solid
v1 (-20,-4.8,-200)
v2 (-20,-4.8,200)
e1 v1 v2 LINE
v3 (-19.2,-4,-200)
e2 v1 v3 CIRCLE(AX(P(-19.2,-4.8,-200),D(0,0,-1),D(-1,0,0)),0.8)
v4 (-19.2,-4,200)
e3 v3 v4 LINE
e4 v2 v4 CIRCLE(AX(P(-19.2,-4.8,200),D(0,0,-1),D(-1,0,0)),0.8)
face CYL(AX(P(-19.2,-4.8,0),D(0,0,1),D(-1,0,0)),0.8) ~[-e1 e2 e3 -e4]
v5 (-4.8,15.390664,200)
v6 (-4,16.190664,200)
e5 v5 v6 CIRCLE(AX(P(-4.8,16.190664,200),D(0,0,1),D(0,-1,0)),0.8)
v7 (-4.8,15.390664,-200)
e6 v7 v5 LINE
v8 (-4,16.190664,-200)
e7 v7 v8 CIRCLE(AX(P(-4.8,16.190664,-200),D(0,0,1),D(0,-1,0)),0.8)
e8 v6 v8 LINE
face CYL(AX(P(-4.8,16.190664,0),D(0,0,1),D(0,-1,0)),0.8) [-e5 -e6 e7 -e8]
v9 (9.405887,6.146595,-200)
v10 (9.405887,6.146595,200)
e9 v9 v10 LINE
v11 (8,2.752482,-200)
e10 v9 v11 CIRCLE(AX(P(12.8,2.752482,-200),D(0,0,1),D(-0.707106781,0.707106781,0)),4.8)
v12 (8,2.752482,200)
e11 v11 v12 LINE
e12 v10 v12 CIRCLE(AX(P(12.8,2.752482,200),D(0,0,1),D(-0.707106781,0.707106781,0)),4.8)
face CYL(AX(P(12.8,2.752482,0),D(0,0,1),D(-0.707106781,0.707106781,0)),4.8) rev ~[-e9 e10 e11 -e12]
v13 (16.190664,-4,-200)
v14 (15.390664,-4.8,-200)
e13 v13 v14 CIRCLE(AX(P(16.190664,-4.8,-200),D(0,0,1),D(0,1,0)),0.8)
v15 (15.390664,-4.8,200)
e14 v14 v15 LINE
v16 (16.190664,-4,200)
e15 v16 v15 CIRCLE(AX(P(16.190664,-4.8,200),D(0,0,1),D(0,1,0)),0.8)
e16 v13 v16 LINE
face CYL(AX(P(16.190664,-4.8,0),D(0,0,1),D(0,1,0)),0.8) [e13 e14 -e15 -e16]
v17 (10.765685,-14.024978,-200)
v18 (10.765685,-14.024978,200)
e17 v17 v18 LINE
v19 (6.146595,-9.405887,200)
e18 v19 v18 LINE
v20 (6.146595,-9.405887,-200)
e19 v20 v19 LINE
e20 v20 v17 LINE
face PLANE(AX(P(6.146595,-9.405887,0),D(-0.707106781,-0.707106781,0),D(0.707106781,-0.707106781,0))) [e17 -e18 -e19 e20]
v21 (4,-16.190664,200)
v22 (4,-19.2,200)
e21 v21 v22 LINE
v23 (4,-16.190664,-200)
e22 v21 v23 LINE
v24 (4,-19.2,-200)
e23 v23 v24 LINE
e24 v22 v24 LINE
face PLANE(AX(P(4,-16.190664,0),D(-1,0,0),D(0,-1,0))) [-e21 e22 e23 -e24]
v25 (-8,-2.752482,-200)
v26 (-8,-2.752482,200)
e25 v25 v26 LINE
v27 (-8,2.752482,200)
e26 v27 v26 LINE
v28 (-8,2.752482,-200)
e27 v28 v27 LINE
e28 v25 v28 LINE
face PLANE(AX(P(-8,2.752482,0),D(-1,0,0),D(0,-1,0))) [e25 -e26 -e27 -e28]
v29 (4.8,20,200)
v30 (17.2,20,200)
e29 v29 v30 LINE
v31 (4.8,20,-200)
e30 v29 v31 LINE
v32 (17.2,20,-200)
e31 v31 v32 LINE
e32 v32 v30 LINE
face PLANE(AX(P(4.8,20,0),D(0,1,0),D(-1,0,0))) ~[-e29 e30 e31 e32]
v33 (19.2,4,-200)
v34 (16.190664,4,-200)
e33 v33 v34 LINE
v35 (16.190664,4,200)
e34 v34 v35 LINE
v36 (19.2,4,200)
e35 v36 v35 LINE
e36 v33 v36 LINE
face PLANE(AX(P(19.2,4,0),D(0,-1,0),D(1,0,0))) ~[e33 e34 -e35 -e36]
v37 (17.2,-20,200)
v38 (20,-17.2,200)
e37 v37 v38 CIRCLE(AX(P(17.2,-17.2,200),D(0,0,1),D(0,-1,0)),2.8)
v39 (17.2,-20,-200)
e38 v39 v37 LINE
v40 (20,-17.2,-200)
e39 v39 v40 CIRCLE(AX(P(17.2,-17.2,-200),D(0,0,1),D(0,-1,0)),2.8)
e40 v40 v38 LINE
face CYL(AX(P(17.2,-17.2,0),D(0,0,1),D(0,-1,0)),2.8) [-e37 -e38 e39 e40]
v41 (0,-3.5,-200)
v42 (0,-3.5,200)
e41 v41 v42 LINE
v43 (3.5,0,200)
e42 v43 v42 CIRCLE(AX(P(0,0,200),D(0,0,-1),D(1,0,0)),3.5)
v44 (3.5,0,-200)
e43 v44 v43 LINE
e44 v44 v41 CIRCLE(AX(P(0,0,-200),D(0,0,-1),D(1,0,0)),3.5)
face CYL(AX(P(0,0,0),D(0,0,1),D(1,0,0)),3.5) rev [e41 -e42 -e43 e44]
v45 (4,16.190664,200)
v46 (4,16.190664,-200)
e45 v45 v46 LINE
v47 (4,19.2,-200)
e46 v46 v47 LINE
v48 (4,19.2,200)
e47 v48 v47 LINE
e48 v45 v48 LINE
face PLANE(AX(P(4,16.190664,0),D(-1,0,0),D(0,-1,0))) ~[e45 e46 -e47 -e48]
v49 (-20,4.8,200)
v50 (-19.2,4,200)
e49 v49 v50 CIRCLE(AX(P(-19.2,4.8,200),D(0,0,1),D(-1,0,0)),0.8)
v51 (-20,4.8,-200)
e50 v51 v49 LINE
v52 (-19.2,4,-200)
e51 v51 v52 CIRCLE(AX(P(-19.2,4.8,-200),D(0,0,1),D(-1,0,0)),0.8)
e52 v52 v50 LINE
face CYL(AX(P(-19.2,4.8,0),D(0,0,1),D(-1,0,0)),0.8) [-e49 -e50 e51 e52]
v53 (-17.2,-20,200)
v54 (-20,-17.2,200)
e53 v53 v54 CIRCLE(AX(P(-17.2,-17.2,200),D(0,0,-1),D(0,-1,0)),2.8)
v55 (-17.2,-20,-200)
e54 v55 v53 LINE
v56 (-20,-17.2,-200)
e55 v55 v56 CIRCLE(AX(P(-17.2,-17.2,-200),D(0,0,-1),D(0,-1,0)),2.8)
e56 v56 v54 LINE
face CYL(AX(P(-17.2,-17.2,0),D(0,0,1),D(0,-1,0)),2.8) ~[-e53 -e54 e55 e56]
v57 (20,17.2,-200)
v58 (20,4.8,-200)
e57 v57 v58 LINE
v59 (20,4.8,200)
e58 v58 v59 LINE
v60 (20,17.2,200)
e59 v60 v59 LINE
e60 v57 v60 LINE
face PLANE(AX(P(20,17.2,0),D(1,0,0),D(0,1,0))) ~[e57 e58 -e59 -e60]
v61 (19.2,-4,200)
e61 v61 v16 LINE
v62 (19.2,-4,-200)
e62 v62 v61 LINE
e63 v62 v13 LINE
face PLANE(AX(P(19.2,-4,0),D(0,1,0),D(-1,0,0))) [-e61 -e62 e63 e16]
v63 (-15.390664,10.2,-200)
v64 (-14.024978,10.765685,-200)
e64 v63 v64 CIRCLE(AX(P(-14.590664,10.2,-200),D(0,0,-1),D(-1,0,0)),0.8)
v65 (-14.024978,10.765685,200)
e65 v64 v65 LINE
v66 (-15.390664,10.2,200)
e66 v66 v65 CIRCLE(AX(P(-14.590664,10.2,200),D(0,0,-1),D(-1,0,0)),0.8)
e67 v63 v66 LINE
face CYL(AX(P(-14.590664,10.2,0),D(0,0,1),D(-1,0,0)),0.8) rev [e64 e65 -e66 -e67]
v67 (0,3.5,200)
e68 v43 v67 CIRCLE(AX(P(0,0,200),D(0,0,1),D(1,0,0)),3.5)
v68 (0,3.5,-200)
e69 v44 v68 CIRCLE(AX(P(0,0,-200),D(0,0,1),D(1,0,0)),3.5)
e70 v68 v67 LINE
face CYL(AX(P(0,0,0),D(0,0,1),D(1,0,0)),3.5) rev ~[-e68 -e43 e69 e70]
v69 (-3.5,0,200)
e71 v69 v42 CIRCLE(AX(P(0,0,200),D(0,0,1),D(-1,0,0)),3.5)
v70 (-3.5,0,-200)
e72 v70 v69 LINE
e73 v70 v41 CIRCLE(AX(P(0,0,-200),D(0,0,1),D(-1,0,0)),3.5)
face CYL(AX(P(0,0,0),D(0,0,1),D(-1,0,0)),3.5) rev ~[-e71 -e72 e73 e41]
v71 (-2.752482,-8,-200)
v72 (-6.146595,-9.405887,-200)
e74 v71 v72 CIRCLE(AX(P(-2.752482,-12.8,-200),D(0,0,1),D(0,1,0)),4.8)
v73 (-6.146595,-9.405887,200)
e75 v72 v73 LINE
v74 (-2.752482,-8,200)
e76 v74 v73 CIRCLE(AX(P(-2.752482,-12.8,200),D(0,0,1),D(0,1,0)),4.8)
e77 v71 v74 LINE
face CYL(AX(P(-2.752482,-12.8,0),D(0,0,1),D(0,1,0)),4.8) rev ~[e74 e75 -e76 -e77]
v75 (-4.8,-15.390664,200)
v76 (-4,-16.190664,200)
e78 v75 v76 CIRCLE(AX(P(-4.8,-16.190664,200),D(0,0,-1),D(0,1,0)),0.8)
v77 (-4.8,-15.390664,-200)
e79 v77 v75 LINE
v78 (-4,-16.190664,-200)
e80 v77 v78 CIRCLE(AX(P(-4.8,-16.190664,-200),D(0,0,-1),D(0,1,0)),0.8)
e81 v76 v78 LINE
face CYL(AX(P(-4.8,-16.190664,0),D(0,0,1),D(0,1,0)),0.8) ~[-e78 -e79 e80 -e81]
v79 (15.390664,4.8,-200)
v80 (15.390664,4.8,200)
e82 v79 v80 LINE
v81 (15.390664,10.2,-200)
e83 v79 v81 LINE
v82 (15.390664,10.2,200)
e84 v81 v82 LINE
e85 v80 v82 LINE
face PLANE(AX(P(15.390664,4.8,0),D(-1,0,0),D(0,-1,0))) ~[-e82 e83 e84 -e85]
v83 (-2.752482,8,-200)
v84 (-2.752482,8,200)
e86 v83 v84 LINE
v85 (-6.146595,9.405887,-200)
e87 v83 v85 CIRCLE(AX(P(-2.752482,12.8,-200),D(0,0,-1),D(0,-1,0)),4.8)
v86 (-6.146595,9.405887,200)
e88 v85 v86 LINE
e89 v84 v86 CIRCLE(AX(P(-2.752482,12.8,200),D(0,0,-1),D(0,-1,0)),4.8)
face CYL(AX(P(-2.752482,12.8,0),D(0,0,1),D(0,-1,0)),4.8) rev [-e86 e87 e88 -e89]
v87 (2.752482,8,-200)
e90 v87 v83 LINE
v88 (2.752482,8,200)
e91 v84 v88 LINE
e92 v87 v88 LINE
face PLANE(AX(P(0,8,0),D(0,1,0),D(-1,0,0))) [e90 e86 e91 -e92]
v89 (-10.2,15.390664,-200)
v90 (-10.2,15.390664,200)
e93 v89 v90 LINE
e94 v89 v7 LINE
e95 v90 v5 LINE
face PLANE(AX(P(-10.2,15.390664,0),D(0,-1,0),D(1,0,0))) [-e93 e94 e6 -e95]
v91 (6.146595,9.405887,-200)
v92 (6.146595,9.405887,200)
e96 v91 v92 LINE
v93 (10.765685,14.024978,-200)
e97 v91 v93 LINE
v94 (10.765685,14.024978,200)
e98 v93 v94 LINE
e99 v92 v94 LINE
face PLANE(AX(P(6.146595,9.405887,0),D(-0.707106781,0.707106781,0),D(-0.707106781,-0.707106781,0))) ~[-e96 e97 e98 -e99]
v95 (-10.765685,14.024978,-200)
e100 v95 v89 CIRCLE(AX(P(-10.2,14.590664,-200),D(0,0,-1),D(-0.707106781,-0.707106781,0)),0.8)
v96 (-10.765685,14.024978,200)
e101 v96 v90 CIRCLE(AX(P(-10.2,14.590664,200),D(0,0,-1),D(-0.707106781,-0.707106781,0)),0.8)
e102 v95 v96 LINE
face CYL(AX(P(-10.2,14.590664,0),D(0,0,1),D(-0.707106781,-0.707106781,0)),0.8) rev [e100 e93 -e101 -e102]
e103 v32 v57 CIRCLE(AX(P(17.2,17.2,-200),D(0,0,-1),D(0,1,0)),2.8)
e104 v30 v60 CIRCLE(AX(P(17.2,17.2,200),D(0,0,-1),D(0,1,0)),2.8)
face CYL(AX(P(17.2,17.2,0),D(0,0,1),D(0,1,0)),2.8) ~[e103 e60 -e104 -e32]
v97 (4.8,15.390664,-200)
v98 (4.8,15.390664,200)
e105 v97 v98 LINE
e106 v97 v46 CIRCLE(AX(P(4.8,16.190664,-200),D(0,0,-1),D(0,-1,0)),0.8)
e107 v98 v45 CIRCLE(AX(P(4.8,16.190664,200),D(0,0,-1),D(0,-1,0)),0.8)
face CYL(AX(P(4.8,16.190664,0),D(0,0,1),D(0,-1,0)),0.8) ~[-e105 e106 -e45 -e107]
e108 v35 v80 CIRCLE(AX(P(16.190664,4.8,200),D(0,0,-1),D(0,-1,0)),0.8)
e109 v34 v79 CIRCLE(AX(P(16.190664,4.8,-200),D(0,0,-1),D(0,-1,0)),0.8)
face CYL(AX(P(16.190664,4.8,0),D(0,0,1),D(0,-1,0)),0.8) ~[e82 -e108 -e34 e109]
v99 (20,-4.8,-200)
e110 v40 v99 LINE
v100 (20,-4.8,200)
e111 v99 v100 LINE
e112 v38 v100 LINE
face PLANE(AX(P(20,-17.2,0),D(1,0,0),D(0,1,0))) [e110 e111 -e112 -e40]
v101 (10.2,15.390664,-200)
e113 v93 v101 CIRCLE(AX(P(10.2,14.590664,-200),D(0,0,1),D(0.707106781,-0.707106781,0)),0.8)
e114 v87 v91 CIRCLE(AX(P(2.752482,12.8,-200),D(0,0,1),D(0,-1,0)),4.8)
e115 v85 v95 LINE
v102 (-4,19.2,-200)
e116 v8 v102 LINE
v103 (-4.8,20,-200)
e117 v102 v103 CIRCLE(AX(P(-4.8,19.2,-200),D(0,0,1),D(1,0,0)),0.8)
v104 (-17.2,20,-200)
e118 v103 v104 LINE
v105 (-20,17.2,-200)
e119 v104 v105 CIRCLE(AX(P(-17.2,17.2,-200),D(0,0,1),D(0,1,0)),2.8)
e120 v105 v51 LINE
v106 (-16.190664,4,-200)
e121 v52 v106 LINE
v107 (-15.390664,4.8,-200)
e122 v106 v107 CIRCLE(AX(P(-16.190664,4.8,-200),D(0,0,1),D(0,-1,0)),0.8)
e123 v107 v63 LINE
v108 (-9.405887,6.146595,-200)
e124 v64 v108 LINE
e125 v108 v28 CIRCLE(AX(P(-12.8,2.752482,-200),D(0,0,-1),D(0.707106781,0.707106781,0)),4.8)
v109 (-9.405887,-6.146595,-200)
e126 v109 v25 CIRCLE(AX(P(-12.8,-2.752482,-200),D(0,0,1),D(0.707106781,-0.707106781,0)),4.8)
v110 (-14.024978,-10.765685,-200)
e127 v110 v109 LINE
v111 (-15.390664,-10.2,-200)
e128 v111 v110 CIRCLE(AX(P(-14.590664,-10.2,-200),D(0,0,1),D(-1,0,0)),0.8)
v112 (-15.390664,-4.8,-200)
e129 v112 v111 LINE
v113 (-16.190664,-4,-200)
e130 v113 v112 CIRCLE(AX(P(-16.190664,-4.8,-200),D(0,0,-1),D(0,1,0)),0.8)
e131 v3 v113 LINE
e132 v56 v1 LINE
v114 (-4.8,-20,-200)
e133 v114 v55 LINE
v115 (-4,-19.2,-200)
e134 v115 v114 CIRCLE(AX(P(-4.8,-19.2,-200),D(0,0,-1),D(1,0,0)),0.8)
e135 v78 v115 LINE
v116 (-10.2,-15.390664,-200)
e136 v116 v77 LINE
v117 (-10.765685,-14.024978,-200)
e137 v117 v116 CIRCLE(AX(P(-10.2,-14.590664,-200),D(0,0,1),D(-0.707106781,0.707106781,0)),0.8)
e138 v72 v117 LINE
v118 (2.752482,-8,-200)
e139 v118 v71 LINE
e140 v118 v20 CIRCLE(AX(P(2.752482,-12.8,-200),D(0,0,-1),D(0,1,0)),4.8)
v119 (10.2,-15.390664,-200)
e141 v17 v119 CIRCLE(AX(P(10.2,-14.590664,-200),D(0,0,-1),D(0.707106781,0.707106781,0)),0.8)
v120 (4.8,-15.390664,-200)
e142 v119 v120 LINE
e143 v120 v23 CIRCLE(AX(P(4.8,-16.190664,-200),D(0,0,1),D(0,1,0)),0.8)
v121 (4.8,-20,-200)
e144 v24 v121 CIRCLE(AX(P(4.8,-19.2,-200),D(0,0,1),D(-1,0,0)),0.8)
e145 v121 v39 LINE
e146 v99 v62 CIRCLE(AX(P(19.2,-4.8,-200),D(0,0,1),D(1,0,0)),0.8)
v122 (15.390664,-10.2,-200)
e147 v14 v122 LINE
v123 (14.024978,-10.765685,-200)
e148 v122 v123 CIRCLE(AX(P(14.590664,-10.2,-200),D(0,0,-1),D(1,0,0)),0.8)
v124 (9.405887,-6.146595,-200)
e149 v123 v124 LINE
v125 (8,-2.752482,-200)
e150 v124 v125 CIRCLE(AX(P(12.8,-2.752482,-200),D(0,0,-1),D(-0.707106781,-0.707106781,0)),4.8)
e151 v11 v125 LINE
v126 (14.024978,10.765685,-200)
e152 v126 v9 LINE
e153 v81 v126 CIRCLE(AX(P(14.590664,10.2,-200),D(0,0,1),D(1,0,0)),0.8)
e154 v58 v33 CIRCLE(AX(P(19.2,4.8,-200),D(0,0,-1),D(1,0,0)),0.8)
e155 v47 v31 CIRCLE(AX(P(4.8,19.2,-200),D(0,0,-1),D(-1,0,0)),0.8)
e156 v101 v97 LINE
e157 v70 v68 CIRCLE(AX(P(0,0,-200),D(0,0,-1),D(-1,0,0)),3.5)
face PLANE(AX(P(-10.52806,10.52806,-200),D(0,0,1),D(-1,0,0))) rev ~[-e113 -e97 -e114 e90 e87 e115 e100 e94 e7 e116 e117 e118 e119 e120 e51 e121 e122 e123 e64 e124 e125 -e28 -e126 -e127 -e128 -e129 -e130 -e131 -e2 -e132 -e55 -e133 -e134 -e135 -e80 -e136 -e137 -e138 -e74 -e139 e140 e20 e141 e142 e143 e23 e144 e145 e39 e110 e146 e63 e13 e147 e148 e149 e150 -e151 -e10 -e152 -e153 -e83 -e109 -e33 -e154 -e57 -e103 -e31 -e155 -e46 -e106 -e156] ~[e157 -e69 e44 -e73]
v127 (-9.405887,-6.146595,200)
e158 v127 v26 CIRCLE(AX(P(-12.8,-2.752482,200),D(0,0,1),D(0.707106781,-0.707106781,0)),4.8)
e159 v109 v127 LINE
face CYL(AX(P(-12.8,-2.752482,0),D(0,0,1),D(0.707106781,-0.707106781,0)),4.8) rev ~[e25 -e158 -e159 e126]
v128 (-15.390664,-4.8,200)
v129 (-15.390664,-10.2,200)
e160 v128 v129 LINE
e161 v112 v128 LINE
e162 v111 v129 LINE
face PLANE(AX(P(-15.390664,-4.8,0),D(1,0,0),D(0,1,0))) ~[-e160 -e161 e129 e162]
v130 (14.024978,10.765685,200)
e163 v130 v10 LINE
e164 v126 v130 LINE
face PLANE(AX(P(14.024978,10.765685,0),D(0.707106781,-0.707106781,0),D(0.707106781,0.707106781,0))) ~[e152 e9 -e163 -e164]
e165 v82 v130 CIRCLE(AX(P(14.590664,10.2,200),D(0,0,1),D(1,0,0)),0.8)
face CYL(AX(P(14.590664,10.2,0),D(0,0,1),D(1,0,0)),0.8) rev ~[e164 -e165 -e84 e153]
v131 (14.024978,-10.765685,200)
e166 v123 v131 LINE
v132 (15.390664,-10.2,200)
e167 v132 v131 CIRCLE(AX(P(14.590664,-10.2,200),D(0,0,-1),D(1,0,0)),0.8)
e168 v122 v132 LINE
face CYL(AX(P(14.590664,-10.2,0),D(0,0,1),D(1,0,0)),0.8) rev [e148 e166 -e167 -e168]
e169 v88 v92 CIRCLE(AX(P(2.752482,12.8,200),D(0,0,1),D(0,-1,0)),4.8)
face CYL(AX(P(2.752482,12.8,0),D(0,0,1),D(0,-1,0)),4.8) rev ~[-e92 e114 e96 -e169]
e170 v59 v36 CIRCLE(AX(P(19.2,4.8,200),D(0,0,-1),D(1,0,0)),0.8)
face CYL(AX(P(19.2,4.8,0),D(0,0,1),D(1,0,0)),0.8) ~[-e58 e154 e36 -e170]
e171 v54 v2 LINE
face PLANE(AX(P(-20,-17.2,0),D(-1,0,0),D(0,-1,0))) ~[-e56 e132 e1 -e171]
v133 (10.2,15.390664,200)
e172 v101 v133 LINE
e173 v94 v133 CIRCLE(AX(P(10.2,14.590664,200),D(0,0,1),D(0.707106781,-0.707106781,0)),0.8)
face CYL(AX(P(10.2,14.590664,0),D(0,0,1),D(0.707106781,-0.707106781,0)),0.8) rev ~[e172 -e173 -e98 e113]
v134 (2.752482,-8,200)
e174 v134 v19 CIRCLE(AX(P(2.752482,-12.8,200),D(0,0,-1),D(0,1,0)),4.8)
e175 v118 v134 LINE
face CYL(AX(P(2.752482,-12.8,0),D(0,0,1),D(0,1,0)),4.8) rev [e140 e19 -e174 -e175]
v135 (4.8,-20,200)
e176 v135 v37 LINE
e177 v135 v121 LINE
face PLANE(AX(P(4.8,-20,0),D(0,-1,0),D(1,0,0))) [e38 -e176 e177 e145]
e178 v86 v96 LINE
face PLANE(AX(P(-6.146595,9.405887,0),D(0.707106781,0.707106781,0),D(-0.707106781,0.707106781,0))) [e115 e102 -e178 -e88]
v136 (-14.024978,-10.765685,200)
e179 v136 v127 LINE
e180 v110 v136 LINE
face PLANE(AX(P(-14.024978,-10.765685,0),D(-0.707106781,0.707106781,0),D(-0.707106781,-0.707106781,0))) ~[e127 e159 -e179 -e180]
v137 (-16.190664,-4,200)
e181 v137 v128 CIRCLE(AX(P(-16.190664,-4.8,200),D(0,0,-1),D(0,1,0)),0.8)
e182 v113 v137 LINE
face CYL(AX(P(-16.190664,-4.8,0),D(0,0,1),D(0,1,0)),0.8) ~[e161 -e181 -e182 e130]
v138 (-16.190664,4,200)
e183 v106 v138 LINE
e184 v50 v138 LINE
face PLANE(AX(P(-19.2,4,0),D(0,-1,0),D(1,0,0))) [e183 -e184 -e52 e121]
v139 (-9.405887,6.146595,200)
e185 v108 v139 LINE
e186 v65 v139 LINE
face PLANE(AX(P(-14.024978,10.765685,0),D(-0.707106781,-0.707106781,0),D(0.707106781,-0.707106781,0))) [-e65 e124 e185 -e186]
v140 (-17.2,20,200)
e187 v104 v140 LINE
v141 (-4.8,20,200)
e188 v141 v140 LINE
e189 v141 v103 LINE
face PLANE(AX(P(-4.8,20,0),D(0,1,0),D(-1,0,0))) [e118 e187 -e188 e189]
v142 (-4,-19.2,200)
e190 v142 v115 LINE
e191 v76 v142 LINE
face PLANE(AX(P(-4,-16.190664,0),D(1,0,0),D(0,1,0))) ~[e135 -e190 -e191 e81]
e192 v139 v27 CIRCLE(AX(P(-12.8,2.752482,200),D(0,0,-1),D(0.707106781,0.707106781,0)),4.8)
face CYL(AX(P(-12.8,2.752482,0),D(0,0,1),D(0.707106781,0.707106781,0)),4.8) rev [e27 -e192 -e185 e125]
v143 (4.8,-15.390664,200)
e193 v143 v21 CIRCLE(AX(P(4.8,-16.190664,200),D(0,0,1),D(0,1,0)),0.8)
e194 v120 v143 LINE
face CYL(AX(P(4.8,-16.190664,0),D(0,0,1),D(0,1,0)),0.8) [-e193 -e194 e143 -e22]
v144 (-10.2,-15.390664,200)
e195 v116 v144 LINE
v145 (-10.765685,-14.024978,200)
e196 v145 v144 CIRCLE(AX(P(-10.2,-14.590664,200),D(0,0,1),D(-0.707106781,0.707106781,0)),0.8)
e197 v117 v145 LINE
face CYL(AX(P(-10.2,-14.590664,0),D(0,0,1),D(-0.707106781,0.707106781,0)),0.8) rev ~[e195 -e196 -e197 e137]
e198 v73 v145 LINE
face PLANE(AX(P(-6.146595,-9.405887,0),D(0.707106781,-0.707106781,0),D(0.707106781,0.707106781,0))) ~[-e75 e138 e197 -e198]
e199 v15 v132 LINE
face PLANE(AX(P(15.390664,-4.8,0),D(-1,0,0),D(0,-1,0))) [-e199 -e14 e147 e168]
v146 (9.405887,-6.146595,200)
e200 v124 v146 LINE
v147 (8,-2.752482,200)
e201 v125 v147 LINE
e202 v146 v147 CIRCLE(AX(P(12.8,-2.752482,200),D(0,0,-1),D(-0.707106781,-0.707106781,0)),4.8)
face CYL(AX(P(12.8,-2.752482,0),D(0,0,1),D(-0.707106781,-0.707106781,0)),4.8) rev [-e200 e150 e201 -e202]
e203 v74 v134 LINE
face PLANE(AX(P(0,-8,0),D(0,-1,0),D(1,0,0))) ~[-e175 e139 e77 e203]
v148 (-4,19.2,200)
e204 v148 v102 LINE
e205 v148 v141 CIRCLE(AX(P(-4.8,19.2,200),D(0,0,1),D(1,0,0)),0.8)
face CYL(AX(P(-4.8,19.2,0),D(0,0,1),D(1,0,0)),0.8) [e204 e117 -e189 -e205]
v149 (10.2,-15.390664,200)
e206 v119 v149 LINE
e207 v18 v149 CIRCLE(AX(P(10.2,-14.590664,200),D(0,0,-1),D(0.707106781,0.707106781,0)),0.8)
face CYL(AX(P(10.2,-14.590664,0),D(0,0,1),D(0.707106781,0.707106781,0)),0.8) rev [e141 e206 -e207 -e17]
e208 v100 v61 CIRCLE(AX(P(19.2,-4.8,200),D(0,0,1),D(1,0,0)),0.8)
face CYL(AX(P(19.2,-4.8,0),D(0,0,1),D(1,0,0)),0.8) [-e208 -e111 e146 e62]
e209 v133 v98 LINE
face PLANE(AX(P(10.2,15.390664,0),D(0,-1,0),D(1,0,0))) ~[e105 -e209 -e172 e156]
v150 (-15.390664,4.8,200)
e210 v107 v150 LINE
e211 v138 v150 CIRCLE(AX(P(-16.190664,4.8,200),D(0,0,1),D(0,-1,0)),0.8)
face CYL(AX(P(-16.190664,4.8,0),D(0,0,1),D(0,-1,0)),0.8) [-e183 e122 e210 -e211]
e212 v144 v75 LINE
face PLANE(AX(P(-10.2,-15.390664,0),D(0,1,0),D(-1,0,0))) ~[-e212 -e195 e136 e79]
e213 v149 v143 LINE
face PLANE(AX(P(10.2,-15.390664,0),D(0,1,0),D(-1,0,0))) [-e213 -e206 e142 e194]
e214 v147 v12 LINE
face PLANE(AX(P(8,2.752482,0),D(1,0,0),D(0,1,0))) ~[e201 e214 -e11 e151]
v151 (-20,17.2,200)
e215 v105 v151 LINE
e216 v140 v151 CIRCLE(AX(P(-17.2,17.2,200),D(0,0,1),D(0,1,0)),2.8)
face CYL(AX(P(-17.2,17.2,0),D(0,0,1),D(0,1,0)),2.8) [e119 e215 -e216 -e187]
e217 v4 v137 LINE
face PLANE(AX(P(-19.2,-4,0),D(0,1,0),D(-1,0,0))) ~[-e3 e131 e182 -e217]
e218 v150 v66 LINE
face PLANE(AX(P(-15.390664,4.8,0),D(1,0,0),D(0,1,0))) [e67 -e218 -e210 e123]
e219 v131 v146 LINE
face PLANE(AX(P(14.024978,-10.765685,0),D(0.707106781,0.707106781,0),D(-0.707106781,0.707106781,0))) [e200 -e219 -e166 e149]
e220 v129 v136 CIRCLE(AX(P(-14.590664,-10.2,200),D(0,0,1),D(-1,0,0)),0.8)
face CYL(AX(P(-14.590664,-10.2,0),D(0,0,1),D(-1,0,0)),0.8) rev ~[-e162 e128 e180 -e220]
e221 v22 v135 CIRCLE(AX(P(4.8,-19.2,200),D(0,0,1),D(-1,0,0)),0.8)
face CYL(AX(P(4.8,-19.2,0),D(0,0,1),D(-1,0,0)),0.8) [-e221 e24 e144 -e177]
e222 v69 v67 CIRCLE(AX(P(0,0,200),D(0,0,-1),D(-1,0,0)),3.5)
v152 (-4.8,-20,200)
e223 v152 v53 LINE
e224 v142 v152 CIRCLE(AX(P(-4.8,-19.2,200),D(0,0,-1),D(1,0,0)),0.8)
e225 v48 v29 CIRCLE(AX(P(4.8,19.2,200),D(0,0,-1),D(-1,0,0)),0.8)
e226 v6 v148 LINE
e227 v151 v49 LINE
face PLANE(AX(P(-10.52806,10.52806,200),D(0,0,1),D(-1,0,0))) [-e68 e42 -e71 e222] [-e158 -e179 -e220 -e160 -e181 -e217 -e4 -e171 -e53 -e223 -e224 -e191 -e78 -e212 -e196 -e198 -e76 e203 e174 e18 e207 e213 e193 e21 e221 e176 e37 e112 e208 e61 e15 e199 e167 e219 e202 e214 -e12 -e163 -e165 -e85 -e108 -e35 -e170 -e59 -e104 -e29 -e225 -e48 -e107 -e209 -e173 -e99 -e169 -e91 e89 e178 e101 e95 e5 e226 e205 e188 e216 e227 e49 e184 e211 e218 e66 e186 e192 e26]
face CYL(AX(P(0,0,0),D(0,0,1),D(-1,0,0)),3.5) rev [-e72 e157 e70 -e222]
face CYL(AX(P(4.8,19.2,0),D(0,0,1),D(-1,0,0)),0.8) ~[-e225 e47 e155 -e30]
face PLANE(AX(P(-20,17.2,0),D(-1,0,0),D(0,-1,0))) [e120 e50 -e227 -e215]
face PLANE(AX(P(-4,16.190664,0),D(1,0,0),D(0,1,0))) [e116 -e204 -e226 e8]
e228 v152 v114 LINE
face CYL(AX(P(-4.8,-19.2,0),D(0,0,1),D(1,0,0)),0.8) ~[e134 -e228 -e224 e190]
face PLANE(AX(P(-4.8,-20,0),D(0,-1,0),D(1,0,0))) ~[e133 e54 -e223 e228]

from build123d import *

# Parameters (mm, degrees)
BOSS_EXTRUDE1_DEPTH = 200


with BuildPart() as part:
    # Sketch4 → Boss-Extrude1 (new body, symmetric)
    with BuildSketch(Plane.XY):
        with BuildLine():
            Line((4.8, -20), (17.2, -20))
            ThreePointArc((17.2, -20), (19.179898987, -19.179898987), (20, -17.2))
            Line((20, -17.2), (20, -4.8))
            ThreePointArc((20, -4.8), (19.765685425, -4.234314575), (19.2, -4))
            Line((19.2, -4), (16.190663761, -4))
            ThreePointArc((16.190663761, -4), (15.624978336, -4.234314575), (15.390663761, -4.8))
            Line((15.390663761, -4.8), (15.390663761, -10.2))
            ThreePointArc((15.390663761, -10.2), (14.896810507, -10.939103626), (14.024978336, -10.765685425))
            Line((14.024978336, -10.765685425), (9.40588745, -6.146594539))
            ThreePointArc((9.40588745, -6.146594539), (8.365378244, -4.589362465), (8, -2.752481989))
            Line((8, -2.752481989), (8, 0))
            Line((8, 0), (3.5, 0))
            ThreePointArc((3.5, 0), (2.474873734, -2.474873734), (0, -3.5))
            Line((0, -3.5), (0, -8))
            Line((0, -8), (2.752481989, -8))
            ThreePointArc((2.752481989, -8), (4.589362465, -8.365378244), (6.146594539, -9.40588745))
            Line((6.146594539, -9.40588745), (10.765685425, -14.024978336))
            ThreePointArc((10.765685425, -14.024978336), (10.939103626, -14.896810507), (10.2, -15.390663761))
            Line((10.2, -15.390663761), (4.8, -15.390663761))
            ThreePointArc((4.8, -15.390663761), (4.234314575, -15.624978336), (4, -16.190663761))
            Line((4, -16.190663761), (4, -19.2))
            ThreePointArc((4, -19.2), (4.234314575, -19.765685425), (4.8, -20))
        make_face()
    extrude(amount=BOSS_EXTRUDE1_DEPTH, both=True)

    # Mirror1: part across plane


with BuildPart() as part_1:
    add(part.part)
    add(part.part.mirror(Plane(origin=(0, 0, 0), x_dir=(0, 0, 1), z_dir=(1, 0, 0))))

    # Mirror2: part across plane


with BuildPart() as part_2:
    add(part_1.part)
    add(part_1.part.mirror(Plane.ZX))


solid = part_2.part
